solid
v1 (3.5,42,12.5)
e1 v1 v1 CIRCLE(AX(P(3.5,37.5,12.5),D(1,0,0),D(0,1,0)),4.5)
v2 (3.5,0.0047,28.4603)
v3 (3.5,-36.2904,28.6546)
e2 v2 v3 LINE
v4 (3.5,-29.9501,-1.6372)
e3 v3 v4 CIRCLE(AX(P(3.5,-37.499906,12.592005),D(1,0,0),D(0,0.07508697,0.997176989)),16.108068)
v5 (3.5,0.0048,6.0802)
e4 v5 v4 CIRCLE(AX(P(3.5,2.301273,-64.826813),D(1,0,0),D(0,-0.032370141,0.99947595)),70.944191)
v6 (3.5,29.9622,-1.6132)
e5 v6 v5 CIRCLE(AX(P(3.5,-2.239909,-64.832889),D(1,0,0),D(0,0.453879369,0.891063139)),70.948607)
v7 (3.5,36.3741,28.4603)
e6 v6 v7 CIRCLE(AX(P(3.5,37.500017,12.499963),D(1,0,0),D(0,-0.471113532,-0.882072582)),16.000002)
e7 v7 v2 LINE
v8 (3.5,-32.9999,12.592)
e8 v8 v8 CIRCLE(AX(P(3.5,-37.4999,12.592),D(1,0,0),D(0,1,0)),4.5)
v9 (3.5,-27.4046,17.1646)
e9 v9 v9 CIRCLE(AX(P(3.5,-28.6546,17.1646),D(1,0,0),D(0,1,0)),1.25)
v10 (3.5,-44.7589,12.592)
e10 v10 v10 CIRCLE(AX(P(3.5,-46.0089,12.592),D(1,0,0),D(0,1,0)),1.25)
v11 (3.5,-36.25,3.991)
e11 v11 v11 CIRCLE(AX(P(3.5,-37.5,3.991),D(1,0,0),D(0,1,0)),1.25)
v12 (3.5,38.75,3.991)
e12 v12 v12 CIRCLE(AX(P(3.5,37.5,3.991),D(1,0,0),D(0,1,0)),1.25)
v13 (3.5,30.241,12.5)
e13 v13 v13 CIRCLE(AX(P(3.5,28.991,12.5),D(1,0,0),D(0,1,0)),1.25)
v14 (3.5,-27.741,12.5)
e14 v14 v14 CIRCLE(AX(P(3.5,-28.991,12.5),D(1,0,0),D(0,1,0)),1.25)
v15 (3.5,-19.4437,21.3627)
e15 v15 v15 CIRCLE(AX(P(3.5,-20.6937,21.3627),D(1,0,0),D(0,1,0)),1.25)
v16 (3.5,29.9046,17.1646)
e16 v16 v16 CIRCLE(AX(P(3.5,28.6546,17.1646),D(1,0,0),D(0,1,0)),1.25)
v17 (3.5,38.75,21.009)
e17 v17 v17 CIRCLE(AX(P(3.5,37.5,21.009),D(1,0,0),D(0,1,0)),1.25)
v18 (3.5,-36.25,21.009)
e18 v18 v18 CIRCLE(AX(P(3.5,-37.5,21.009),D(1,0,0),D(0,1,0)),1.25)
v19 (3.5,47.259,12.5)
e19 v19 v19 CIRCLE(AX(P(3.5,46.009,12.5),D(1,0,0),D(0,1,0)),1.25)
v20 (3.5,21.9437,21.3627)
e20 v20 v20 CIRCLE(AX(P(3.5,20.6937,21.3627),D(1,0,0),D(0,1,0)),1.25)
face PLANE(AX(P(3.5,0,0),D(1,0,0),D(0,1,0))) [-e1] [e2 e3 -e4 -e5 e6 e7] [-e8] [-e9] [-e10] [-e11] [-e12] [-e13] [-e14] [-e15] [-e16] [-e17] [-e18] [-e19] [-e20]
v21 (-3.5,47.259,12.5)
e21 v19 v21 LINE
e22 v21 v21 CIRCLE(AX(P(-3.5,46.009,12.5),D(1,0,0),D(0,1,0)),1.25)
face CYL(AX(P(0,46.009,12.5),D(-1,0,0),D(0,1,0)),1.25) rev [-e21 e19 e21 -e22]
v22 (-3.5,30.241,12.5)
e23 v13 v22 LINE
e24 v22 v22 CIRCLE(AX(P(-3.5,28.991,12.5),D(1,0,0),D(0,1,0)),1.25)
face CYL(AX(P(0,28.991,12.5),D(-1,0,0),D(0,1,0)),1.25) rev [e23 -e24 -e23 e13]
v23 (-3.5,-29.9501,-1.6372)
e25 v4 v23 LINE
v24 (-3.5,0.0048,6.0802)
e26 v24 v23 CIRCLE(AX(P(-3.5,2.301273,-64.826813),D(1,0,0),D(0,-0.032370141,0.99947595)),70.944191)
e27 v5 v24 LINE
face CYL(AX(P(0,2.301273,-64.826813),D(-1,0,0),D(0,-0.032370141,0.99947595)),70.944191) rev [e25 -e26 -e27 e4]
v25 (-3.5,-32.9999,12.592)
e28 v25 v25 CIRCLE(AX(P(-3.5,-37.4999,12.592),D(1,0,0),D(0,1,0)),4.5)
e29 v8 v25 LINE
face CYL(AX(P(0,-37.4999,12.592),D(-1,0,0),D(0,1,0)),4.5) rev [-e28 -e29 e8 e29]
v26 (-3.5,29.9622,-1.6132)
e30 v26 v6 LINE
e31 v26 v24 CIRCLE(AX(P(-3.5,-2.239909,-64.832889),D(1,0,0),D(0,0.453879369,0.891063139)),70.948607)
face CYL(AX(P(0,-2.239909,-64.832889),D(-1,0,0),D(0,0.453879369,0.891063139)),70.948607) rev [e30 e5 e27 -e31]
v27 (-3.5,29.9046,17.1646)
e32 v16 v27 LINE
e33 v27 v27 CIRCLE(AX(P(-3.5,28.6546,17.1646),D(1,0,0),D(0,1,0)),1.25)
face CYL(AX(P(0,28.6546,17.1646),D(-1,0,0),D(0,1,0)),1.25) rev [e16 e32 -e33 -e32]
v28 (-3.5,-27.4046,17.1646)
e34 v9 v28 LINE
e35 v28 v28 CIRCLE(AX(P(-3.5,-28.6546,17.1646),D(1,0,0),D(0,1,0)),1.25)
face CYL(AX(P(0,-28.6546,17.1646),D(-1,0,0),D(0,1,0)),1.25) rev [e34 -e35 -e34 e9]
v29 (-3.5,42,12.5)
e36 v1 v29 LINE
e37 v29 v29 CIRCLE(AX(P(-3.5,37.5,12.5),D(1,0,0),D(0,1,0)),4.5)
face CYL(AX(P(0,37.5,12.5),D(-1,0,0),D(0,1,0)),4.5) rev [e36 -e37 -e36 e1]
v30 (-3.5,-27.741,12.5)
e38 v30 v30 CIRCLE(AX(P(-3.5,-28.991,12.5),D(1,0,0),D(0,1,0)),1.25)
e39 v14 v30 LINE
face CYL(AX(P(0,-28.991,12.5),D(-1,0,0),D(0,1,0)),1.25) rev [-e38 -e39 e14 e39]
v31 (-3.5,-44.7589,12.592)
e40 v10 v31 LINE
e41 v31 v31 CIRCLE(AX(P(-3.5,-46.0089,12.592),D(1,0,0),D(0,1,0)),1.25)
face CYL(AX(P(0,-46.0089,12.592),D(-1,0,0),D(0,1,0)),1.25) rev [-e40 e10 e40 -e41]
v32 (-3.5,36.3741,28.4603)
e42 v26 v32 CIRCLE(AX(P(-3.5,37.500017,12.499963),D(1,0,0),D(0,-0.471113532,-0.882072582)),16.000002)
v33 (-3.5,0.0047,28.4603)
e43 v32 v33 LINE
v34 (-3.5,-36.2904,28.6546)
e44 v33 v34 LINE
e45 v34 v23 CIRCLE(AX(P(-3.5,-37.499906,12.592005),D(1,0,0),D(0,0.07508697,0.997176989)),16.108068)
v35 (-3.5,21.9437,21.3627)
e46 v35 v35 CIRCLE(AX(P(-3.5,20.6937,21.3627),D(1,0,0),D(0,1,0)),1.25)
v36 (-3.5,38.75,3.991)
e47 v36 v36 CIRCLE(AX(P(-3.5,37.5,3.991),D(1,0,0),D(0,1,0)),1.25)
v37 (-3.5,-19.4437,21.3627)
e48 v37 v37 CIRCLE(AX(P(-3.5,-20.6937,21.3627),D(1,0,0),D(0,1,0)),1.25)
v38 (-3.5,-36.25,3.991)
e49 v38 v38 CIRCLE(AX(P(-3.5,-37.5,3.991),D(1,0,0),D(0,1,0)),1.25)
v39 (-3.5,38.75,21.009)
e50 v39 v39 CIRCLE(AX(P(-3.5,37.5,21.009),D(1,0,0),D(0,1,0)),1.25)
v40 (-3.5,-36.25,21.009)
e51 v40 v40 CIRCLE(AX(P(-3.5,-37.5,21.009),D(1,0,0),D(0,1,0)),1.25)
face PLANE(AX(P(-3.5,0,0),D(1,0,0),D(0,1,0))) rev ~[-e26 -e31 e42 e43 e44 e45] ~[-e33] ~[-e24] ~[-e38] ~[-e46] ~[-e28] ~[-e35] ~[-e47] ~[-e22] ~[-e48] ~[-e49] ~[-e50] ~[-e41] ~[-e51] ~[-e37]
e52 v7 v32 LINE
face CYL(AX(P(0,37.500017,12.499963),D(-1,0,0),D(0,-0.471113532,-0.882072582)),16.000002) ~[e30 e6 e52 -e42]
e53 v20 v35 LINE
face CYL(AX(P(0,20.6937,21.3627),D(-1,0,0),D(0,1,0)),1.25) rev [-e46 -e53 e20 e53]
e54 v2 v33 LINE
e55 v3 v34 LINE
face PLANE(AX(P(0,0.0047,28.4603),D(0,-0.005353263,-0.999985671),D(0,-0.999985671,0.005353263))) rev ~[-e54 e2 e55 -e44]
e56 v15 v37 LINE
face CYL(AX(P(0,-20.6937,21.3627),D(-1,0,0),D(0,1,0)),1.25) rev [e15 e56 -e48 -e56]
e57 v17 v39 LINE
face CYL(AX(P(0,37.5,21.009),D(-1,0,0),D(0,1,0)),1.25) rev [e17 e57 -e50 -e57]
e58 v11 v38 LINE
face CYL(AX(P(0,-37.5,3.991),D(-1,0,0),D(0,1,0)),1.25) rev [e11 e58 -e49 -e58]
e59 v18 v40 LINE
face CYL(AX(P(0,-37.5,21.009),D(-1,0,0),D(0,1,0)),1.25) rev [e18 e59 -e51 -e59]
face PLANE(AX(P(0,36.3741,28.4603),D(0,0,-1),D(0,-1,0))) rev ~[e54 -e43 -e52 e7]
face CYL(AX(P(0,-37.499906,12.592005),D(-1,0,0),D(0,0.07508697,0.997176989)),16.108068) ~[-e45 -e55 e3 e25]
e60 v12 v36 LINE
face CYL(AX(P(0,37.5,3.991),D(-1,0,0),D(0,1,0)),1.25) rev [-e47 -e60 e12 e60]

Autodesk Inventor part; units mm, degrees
ref_plane "YZ Plane" through (0, 0, 0) normal (1, 0, 0) x (0, 1, 0)
ref_plane "XZ Plane" through (0, 0, 0) normal (0, 1, 0) x (-1, 0, 0)
ref_plane "XY Plane" through (0, 0, 0) normal (0, 0, 1) x (1, 0, 0)
sketch "Sketch1" plane through (0, 0, 0) normal (1, 0, 0) x (0, 1, 0)
  line L0 (-0.0047, 24.9603) -> (36.505, 24.9603)
  arc A0 (31.5833, 1.489) -> (36.505, 24.9603) centre (37.5, 12.5) ccw
  arc A1 (31.5833, 1.489) -> (0.0035, 9.5819) centre (-2.2398, -64.8326) ccw
  circle A2 centre (37.5, 3.991) radius 1.25
  circle A3 centre (28.991, 12.5) radius 1.25
  circle A4 centre (37.5, 21.009) radius 1.25
  circle A5 centre (46.009, 12.5) radius 1.25
  circle A6 centre (28.6546, 17.1646) radius 1.25
  circle A7 centre (20.6937, 21.3627) radius 1.25
  circle A8 centre (37.5, 12.5) radius 4.5
  line L1 (-2.2398, 24.9554) -> (-2.25, 24.9554)
  arc A9 (-2.2398, 9.6157) -> (-2.25, 9.6157) centre (-2.2398, -64.8326) ccw
  arc A10 (0.0035, 9.5819) -> (-31.732, 1.3825) centre (2.3012, -64.8263) ccw
  line L2 (-0.0047, 24.9603) -> (-36.4388, 25.1553)
  arc A11 (-36.4388, 25.1553) -> (-31.5678, 1.4666) centre (-37.4999, 12.592) ccw
  circle A12 centre (-37.5, 3.991) radius 1.25
  circle A13 centre (-28.991, 12.5) radius 1.25
  circle A14 centre (-37.5, 21.009) radius 1.25
  circle A15 centre (-46.0089, 12.592) radius 1.25
  circle A16 centre (-28.6546, 17.1646) radius 1.25
  circle A17 centre (-20.6937, 21.3627) radius 1.25
  circle A18 centre (-37.4999, 12.592) radius 4.5
  line L3 (2.2398, 24.9554) -> (2.25, 24.9554)
  arc A19 (2.3114, 9.6221) -> (2.3012, 9.6221) centre (2.3012, -64.8263) ccw
  arc A20 (29.9622, -1.6132) -> (0.0048, 6.0802) centre (-2.2398, -64.8326) ccw
  arc A21 (0.0048, 6.0802) -> (-29.9501, -1.6372) centre (2.3012, -64.8263) ccw
  arc A22 (29.9622, -1.6132) -> (36.3741, 28.4603) centre (37.5, 12.5) ccw
  line L4 (36.3741, 28.4603) -> (0.0047, 28.4603)
  line L5 (0.0047, 28.4603) -> (-36.2904, 28.6546)
  arc A23 (-36.2904, 28.6546) -> (-29.9501, -1.6372) centre (-37.4999, 12.592) ccw
  point P0 (0.0204, 0)
  point P1 (-0.0204, 0)
  dimension "d47" = 8.509
  dimension "d48" = 8.509
  dimension "d49" = 8.509
  dimension "d50" = 8.509
  dimension "d51" = 10
  dimension "d53" = 9
  dimension "d56" = 9
  dimension "d58" = 4.1981
  dimension "d61" = 75
  dimension "d67" = 3.5
  dimension "d68" = 3.5
extrude "Extrusion3" add sketch "Sketch1" along normal mid plane 7 contours L0 A0 A1 A10 A11 L2
extrude "Extrusion4" add sketch "Sketch1" along normal mid plane 7 contours A20 A21 A23 L5 L4 A22
properties part number "Femur2"
